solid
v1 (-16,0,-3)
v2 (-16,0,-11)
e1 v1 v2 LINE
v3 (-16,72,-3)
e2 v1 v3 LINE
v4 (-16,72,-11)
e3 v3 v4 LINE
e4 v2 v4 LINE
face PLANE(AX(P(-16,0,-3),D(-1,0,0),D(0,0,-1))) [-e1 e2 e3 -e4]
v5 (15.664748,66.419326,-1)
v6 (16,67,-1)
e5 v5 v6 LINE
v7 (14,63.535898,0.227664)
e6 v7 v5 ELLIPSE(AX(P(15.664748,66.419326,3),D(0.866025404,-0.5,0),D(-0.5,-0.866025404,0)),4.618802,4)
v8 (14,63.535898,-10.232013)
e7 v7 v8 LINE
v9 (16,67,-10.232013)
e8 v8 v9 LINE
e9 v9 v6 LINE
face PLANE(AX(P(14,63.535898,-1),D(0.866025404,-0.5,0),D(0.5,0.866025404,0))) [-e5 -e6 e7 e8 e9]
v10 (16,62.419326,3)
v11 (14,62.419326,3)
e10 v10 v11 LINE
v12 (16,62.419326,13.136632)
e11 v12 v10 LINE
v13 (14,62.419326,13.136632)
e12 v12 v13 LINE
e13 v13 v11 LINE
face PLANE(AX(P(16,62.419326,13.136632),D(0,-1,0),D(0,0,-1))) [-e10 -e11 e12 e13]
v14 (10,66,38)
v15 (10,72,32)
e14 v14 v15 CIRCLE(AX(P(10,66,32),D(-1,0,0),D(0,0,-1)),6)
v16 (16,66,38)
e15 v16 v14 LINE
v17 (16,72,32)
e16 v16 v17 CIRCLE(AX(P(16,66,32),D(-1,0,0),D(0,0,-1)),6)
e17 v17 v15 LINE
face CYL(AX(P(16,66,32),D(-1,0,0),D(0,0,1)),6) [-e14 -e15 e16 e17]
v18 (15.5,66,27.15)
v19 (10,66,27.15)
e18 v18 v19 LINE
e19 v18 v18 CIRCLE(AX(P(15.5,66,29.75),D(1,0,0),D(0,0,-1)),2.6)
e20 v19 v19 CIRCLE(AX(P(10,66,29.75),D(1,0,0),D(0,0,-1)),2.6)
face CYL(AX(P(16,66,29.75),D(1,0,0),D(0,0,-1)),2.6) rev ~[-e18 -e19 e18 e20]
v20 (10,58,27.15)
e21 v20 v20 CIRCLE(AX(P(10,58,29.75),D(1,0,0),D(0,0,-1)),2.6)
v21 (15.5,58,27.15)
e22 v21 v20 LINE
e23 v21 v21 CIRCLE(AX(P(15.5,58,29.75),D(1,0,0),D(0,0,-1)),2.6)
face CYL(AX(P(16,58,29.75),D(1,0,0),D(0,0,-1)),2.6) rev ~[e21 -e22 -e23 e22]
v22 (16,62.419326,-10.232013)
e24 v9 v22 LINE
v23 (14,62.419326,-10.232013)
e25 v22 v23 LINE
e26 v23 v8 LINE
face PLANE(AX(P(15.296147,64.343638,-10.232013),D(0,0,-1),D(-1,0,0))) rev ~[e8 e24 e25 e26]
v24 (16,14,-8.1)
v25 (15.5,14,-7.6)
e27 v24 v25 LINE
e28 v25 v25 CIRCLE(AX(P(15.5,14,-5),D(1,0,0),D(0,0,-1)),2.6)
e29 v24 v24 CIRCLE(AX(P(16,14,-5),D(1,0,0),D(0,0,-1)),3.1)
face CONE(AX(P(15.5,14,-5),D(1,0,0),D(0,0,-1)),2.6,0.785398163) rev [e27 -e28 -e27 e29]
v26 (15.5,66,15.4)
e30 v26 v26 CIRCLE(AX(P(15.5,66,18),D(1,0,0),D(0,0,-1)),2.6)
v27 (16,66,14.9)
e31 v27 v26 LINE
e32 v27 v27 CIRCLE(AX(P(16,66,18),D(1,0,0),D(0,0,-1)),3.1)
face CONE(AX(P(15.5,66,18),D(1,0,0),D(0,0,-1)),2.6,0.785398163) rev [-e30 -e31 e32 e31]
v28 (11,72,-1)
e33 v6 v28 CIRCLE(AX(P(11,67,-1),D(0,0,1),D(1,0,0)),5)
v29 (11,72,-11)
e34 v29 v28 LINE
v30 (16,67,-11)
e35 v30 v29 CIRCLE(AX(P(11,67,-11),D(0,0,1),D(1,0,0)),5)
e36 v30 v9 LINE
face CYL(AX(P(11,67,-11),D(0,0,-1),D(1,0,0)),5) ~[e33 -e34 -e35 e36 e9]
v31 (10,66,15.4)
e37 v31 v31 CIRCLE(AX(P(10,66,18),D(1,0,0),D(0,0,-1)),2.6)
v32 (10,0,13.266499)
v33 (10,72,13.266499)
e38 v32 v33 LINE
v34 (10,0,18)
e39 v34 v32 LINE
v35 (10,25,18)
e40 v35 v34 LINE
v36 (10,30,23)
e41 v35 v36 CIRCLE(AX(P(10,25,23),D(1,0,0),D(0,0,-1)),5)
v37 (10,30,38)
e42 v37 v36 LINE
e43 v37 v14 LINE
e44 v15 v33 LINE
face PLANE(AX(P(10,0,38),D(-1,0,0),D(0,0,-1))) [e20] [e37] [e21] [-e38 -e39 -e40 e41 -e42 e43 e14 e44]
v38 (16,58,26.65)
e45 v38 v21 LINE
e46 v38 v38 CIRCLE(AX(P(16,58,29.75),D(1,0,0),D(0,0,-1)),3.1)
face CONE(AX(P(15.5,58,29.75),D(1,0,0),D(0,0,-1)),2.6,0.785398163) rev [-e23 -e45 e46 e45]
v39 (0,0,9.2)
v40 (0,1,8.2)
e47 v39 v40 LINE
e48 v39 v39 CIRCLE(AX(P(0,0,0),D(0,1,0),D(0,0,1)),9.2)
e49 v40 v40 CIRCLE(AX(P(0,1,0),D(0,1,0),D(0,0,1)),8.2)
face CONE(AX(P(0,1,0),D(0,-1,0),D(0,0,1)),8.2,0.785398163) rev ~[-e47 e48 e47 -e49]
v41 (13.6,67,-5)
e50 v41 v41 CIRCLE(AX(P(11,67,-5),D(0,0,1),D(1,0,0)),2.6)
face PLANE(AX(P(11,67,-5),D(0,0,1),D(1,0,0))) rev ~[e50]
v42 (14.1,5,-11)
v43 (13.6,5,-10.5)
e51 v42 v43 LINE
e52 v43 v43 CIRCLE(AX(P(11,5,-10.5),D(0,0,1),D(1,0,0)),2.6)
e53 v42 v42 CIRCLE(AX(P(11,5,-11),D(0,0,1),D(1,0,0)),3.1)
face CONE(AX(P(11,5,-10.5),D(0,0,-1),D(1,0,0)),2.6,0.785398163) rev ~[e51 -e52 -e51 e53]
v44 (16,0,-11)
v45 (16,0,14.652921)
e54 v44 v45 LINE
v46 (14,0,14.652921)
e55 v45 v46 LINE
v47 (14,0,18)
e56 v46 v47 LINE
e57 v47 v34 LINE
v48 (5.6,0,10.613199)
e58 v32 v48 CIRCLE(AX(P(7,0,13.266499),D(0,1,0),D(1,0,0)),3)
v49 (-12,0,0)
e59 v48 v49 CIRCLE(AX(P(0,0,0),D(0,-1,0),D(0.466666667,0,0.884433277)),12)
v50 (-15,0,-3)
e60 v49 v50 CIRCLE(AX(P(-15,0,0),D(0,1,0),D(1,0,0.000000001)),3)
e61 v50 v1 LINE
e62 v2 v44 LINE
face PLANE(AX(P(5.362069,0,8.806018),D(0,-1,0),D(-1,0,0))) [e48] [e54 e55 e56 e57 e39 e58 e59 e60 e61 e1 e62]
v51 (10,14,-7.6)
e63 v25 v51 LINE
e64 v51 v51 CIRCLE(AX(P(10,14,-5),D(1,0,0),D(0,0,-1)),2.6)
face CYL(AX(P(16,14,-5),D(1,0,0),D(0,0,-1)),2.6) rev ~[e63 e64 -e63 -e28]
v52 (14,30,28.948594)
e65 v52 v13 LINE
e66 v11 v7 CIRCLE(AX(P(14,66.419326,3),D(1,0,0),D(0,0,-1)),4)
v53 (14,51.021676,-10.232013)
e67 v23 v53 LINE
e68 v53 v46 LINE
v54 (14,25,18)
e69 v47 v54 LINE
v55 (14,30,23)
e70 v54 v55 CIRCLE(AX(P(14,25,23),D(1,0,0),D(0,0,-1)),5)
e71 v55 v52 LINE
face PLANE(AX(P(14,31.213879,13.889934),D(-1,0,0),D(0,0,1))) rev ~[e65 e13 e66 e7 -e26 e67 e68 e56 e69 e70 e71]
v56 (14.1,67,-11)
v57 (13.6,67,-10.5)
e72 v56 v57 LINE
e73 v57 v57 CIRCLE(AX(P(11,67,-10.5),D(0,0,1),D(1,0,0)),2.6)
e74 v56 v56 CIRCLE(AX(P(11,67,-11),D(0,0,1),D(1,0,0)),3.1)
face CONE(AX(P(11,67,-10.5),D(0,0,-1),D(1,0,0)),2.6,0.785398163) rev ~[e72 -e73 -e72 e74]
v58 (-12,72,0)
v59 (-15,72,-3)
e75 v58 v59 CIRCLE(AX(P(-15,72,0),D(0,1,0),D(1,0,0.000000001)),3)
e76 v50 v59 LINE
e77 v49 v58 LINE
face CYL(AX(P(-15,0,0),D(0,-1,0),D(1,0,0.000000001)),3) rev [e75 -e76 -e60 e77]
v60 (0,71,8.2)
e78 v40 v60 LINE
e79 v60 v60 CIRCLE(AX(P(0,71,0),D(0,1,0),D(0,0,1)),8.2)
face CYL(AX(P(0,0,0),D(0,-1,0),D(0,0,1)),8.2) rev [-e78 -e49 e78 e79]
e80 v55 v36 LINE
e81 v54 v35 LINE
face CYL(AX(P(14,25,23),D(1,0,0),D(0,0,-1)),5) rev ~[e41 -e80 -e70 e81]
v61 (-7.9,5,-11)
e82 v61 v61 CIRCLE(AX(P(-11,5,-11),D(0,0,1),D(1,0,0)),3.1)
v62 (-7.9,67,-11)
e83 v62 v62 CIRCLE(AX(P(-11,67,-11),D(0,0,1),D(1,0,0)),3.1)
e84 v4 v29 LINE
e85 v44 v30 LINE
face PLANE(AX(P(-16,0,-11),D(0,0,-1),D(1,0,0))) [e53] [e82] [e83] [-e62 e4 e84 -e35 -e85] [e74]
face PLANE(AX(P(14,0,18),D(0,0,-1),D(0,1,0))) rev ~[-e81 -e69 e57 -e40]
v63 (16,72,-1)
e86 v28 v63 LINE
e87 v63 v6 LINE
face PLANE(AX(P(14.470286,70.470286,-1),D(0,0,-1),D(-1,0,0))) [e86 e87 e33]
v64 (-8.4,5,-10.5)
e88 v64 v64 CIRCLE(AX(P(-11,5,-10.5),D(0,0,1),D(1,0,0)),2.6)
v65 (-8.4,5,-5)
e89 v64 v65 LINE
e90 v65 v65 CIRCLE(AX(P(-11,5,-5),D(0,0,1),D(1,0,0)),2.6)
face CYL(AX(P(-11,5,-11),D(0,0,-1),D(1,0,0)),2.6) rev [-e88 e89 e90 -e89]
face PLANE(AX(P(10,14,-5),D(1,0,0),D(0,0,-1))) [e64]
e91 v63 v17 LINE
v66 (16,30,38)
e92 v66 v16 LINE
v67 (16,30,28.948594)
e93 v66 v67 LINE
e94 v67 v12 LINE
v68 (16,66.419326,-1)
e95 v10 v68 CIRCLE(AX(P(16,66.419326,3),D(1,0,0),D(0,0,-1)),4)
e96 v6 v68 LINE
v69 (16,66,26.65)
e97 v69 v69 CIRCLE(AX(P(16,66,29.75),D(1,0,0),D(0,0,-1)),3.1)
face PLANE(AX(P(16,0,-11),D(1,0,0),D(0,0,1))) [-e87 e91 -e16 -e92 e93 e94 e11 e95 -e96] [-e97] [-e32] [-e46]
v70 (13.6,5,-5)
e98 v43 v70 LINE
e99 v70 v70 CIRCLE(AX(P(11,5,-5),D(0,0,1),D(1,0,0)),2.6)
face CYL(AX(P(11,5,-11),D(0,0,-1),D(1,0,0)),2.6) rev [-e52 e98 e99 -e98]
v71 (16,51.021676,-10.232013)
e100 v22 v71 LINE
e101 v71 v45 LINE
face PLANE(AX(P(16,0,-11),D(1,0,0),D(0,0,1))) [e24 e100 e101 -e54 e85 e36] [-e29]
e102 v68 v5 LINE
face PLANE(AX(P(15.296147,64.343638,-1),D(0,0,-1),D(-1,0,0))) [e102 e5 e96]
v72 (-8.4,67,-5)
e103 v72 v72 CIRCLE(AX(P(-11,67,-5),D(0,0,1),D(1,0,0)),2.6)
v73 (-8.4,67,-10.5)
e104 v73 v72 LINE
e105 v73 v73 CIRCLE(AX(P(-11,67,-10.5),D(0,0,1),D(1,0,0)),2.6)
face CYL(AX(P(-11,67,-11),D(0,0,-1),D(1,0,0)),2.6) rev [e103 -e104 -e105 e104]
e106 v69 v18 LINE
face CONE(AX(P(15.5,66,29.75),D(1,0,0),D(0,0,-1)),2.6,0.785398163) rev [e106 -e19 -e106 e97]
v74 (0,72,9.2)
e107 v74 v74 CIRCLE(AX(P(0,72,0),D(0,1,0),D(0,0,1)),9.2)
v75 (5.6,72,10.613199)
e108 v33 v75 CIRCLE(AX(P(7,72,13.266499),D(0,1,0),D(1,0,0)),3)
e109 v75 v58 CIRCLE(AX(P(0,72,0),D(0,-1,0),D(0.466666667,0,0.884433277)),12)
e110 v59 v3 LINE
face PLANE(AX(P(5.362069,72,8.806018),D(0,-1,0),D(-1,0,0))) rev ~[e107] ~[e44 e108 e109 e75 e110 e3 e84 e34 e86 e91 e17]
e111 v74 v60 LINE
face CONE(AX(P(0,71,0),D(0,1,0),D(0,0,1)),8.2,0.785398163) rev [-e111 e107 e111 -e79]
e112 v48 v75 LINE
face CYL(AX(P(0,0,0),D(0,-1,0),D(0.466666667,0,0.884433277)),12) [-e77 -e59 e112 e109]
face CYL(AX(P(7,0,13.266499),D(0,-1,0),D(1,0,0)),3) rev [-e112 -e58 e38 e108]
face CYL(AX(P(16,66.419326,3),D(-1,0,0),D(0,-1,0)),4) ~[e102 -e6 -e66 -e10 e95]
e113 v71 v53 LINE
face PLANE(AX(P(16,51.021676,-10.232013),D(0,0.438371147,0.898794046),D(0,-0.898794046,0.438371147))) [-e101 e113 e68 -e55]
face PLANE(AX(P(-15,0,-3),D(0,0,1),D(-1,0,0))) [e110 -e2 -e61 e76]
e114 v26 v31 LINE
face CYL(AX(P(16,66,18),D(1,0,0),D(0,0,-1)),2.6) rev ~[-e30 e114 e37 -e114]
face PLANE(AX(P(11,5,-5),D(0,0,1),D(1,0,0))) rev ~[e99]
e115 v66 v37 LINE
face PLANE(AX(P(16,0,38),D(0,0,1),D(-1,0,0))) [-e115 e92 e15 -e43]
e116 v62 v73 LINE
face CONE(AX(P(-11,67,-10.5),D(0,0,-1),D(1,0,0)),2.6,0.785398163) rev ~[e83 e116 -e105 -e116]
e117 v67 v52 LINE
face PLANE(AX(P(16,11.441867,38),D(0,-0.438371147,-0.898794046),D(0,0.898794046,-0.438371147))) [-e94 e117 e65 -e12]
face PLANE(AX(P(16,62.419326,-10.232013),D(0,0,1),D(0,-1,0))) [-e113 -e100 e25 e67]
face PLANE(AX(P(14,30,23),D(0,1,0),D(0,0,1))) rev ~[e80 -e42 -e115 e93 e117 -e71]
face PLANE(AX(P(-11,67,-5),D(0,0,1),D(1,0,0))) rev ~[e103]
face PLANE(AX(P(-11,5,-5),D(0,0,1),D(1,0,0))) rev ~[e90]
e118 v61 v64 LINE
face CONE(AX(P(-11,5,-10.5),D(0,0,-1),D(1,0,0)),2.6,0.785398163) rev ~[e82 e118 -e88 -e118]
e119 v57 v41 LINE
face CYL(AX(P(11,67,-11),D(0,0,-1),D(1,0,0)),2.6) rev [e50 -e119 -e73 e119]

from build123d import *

# Parameters (mm, degrees)
SKETCH1_R               = 8.2
BOSS_EXTRUDE1_DEPTH     = 72
SKETCH2_R               = 2.6
CUT_EXTRUDE1_DEPTH      = 6
CHAMFER1_SIZE           = 0.5
CHAMFER2_SIZE           = 1
SKETCH3_R               = 2.6
CUT_EXTRUDE2_DEPTH      = 33
CUT_EXTRUDE3_DEPTH      = 10
CUT_EXTRUDE4_DEPTH      = 2
CUT_EXTRUDE5_DEPTH      = 10
CUT_EXTRUDE5_DEPTH_BACK = 10
CUT_EXTRUDE6_DEPTH      = 9.232013
FILLET1_R               = 4
FILLET2_R               = 6
SKETCH9_R               = 2.6
CUT_EXTRUDE7_DEPTH      = 6
CHAMFER3_SIZE           = 0.5


with BuildPart() as part:
    # Sketch1 → Boss-Extrude1 (new body)
    with BuildSketch(Plane(origin=(0, 0, 0), x_dir=(1, 0, 0), z_dir=(0, 1, 0))):
        with BuildLine():
            Line((-16, 11), (16, 11))
            Line((16, 11), (16, -38))
            Line((16, -38), (10, -38))
            Line((10, -38), (10, -13.266499161))
            ThreePointArc((10, -13.266499161), (8.549193338, -10.697452646), (5.6, -10.613199329))
            ThreePointArc((5.6, -10.613199329), (-6.196773354, -10.276186063), (-12, 0))
            ThreePointArc((-12, 0), (-12.878679656, 2.121320344), (-15, 3))
            Line((-15, 3), (-16, 3))
            Line((-16, 3), (-16, 11))
        make_face()
        with Locations(Location((0, 0, 0), (0, 0, 270))):  # turned: the seam where the file's is
            Circle(SKETCH1_R, mode=Mode.SUBTRACT)
    extrude(amount=BOSS_EXTRUDE1_DEPTH)

    # Sketch2 → Cut-Extrude1 (cut)
    with BuildSketch(Plane.XY.offset(-11)):
        with Locations((-11, 67)):
            Circle(SKETCH2_R)
        with Locations((-11, 5)):
            Circle(SKETCH2_R)
        with Locations((11, 67)):
            Circle(SKETCH2_R)
        with Locations((11, 5)):
            Circle(SKETCH2_R)
    extrude(amount=CUT_EXTRUDE1_DEPTH, mode=Mode.SUBTRACT)

    # Chamfer1
    chamfer1_edges = [part.edges().sort_by_distance(p)[0] for p in [
        (-13.6, 67, -11),
        (-13.6, 5, -11),
        (8.4, 67, -11),
        (8.4, 5, -11),
    ]]
    chamfer(chamfer1_edges, length=CHAMFER1_SIZE)

    # Chamfer2
    chamfer2_edges = [part.edges().sort_by_distance(p)[0] for p in [
        (0, 0, -8.2),
        (0, 72, -8.2),
    ]]
    chamfer(chamfer2_edges, length=CHAMFER2_SIZE)

    # Sketch3 → Cut-Extrude2 (cut, through all)
    with BuildSketch(Plane(origin=(16, 0, 0), x_dir=(0, 0, -1), z_dir=(1, 0, 0))):
        with Locations((-29.75, 66)):
            Circle(SKETCH3_R)
        with Locations((-29.75, 58)):
            Circle(SKETCH3_R)
    extrude(amount=-CUT_EXTRUDE2_DEPTH, mode=Mode.SUBTRACT)

    # Sketch4 → Cut-Extrude3 (cut)
    with BuildSketch(Plane(origin=(0, 0, -11), x_dir=(-1, 0, 0), z_dir=(0, 0, -1))):
        with BuildLine():
            Line((-11, 72), (-16, 72))
            Line((-16, 72), (-16, 67))
            ThreePointArc((-16, 67), (-14.535533906, 70.535533906), (-11, 72))
        make_face()
    extrude(amount=-CUT_EXTRUDE3_DEPTH, mode=Mode.SUBTRACT)

    # Sketch5 → Cut-Extrude4 (cut)
    with BuildSketch(Plane(origin=(16, 0, 0), x_dir=(0, 0, -1), z_dir=(1, 0, 0))):
        Polygon((10.232013106, 51.021676305), (-14.652921151, 0), (-38, 0), (-38, 11.441867396), (-13.136632097, 62.419326121), (10.232013106, 62.419326121), align=None)
    extrude(amount=-CUT_EXTRUDE4_DEPTH, mode=Mode.SUBTRACT)

    # Sketch6 → Cut-Extrude5 (cut, two sides)
    with BuildSketch(Plane(origin=(14, 0, 0), x_dir=(0, 0, -1), z_dir=(1, 0, 0))) as cut_extrude5_sk:
        with BuildLine():
            Line((-38, 0), (-18, 0))
            Line((-18, 0), (-18, 25))
            ThreePointArc((-18, 25), (-19.464466094, 28.535533906), (-23, 30))
            Line((-23, 30), (-38, 30))
            Line((-38, 30), (-38, 0))
        make_face()
    extrude(amount=CUT_EXTRUDE5_DEPTH, mode=Mode.SUBTRACT)
    extrude(cut_extrude5_sk.sketch, amount=-CUT_EXTRUDE5_DEPTH_BACK, mode=Mode.SUBTRACT)

    # Sketch8 → Cut-Extrude6 (cut)
    with BuildSketch(Plane(origin=(0, 0, -1), x_dir=(-1, 0, 0), z_dir=(0, 0, -1))):
        Polygon((-16, 67), (-16, 62.419326121), (-14, 62.419326121), (-14, 63.535898385), align=None)
    extrude(amount=CUT_EXTRUDE6_DEPTH, mode=Mode.SUBTRACT)

    # Fillet1
    fillet1_edges = [part.edges().sort_by_distance(p)[0] for p in [
        (15, 62.419326121, -1),
    ]]
    fillet(fillet1_edges, radius=FILLET1_R)

    # Fillet2
    fillet2_edges = [part.edges().sort_by_distance(p)[0] for p in [
        (13, 72, 38),
    ]]
    fillet(fillet2_edges, radius=FILLET2_R)

    # Sketch9 → Cut-Extrude7 (cut)
    with BuildSketch(Plane(origin=(16, 0, 0), x_dir=(0, 0, -1), z_dir=(1, 0, 0))):
        with Locations((-18, 66)):
            Circle(SKETCH9_R)
        with Locations((5, 14)):
            Circle(SKETCH9_R)
    extrude(amount=-CUT_EXTRUDE7_DEPTH, mode=Mode.SUBTRACT)

    # Chamfer3
    chamfer3_edges = [part.edges().sort_by_distance(p)[0] for p in [
        (16, 66, 20.6),
        (16, 14, -2.4),
        (16, 66, 32.35),
        (16, 58, 32.35),
    ]]
    chamfer(chamfer3_edges, length=CHAMFER3_SIZE)


solid = part.part
